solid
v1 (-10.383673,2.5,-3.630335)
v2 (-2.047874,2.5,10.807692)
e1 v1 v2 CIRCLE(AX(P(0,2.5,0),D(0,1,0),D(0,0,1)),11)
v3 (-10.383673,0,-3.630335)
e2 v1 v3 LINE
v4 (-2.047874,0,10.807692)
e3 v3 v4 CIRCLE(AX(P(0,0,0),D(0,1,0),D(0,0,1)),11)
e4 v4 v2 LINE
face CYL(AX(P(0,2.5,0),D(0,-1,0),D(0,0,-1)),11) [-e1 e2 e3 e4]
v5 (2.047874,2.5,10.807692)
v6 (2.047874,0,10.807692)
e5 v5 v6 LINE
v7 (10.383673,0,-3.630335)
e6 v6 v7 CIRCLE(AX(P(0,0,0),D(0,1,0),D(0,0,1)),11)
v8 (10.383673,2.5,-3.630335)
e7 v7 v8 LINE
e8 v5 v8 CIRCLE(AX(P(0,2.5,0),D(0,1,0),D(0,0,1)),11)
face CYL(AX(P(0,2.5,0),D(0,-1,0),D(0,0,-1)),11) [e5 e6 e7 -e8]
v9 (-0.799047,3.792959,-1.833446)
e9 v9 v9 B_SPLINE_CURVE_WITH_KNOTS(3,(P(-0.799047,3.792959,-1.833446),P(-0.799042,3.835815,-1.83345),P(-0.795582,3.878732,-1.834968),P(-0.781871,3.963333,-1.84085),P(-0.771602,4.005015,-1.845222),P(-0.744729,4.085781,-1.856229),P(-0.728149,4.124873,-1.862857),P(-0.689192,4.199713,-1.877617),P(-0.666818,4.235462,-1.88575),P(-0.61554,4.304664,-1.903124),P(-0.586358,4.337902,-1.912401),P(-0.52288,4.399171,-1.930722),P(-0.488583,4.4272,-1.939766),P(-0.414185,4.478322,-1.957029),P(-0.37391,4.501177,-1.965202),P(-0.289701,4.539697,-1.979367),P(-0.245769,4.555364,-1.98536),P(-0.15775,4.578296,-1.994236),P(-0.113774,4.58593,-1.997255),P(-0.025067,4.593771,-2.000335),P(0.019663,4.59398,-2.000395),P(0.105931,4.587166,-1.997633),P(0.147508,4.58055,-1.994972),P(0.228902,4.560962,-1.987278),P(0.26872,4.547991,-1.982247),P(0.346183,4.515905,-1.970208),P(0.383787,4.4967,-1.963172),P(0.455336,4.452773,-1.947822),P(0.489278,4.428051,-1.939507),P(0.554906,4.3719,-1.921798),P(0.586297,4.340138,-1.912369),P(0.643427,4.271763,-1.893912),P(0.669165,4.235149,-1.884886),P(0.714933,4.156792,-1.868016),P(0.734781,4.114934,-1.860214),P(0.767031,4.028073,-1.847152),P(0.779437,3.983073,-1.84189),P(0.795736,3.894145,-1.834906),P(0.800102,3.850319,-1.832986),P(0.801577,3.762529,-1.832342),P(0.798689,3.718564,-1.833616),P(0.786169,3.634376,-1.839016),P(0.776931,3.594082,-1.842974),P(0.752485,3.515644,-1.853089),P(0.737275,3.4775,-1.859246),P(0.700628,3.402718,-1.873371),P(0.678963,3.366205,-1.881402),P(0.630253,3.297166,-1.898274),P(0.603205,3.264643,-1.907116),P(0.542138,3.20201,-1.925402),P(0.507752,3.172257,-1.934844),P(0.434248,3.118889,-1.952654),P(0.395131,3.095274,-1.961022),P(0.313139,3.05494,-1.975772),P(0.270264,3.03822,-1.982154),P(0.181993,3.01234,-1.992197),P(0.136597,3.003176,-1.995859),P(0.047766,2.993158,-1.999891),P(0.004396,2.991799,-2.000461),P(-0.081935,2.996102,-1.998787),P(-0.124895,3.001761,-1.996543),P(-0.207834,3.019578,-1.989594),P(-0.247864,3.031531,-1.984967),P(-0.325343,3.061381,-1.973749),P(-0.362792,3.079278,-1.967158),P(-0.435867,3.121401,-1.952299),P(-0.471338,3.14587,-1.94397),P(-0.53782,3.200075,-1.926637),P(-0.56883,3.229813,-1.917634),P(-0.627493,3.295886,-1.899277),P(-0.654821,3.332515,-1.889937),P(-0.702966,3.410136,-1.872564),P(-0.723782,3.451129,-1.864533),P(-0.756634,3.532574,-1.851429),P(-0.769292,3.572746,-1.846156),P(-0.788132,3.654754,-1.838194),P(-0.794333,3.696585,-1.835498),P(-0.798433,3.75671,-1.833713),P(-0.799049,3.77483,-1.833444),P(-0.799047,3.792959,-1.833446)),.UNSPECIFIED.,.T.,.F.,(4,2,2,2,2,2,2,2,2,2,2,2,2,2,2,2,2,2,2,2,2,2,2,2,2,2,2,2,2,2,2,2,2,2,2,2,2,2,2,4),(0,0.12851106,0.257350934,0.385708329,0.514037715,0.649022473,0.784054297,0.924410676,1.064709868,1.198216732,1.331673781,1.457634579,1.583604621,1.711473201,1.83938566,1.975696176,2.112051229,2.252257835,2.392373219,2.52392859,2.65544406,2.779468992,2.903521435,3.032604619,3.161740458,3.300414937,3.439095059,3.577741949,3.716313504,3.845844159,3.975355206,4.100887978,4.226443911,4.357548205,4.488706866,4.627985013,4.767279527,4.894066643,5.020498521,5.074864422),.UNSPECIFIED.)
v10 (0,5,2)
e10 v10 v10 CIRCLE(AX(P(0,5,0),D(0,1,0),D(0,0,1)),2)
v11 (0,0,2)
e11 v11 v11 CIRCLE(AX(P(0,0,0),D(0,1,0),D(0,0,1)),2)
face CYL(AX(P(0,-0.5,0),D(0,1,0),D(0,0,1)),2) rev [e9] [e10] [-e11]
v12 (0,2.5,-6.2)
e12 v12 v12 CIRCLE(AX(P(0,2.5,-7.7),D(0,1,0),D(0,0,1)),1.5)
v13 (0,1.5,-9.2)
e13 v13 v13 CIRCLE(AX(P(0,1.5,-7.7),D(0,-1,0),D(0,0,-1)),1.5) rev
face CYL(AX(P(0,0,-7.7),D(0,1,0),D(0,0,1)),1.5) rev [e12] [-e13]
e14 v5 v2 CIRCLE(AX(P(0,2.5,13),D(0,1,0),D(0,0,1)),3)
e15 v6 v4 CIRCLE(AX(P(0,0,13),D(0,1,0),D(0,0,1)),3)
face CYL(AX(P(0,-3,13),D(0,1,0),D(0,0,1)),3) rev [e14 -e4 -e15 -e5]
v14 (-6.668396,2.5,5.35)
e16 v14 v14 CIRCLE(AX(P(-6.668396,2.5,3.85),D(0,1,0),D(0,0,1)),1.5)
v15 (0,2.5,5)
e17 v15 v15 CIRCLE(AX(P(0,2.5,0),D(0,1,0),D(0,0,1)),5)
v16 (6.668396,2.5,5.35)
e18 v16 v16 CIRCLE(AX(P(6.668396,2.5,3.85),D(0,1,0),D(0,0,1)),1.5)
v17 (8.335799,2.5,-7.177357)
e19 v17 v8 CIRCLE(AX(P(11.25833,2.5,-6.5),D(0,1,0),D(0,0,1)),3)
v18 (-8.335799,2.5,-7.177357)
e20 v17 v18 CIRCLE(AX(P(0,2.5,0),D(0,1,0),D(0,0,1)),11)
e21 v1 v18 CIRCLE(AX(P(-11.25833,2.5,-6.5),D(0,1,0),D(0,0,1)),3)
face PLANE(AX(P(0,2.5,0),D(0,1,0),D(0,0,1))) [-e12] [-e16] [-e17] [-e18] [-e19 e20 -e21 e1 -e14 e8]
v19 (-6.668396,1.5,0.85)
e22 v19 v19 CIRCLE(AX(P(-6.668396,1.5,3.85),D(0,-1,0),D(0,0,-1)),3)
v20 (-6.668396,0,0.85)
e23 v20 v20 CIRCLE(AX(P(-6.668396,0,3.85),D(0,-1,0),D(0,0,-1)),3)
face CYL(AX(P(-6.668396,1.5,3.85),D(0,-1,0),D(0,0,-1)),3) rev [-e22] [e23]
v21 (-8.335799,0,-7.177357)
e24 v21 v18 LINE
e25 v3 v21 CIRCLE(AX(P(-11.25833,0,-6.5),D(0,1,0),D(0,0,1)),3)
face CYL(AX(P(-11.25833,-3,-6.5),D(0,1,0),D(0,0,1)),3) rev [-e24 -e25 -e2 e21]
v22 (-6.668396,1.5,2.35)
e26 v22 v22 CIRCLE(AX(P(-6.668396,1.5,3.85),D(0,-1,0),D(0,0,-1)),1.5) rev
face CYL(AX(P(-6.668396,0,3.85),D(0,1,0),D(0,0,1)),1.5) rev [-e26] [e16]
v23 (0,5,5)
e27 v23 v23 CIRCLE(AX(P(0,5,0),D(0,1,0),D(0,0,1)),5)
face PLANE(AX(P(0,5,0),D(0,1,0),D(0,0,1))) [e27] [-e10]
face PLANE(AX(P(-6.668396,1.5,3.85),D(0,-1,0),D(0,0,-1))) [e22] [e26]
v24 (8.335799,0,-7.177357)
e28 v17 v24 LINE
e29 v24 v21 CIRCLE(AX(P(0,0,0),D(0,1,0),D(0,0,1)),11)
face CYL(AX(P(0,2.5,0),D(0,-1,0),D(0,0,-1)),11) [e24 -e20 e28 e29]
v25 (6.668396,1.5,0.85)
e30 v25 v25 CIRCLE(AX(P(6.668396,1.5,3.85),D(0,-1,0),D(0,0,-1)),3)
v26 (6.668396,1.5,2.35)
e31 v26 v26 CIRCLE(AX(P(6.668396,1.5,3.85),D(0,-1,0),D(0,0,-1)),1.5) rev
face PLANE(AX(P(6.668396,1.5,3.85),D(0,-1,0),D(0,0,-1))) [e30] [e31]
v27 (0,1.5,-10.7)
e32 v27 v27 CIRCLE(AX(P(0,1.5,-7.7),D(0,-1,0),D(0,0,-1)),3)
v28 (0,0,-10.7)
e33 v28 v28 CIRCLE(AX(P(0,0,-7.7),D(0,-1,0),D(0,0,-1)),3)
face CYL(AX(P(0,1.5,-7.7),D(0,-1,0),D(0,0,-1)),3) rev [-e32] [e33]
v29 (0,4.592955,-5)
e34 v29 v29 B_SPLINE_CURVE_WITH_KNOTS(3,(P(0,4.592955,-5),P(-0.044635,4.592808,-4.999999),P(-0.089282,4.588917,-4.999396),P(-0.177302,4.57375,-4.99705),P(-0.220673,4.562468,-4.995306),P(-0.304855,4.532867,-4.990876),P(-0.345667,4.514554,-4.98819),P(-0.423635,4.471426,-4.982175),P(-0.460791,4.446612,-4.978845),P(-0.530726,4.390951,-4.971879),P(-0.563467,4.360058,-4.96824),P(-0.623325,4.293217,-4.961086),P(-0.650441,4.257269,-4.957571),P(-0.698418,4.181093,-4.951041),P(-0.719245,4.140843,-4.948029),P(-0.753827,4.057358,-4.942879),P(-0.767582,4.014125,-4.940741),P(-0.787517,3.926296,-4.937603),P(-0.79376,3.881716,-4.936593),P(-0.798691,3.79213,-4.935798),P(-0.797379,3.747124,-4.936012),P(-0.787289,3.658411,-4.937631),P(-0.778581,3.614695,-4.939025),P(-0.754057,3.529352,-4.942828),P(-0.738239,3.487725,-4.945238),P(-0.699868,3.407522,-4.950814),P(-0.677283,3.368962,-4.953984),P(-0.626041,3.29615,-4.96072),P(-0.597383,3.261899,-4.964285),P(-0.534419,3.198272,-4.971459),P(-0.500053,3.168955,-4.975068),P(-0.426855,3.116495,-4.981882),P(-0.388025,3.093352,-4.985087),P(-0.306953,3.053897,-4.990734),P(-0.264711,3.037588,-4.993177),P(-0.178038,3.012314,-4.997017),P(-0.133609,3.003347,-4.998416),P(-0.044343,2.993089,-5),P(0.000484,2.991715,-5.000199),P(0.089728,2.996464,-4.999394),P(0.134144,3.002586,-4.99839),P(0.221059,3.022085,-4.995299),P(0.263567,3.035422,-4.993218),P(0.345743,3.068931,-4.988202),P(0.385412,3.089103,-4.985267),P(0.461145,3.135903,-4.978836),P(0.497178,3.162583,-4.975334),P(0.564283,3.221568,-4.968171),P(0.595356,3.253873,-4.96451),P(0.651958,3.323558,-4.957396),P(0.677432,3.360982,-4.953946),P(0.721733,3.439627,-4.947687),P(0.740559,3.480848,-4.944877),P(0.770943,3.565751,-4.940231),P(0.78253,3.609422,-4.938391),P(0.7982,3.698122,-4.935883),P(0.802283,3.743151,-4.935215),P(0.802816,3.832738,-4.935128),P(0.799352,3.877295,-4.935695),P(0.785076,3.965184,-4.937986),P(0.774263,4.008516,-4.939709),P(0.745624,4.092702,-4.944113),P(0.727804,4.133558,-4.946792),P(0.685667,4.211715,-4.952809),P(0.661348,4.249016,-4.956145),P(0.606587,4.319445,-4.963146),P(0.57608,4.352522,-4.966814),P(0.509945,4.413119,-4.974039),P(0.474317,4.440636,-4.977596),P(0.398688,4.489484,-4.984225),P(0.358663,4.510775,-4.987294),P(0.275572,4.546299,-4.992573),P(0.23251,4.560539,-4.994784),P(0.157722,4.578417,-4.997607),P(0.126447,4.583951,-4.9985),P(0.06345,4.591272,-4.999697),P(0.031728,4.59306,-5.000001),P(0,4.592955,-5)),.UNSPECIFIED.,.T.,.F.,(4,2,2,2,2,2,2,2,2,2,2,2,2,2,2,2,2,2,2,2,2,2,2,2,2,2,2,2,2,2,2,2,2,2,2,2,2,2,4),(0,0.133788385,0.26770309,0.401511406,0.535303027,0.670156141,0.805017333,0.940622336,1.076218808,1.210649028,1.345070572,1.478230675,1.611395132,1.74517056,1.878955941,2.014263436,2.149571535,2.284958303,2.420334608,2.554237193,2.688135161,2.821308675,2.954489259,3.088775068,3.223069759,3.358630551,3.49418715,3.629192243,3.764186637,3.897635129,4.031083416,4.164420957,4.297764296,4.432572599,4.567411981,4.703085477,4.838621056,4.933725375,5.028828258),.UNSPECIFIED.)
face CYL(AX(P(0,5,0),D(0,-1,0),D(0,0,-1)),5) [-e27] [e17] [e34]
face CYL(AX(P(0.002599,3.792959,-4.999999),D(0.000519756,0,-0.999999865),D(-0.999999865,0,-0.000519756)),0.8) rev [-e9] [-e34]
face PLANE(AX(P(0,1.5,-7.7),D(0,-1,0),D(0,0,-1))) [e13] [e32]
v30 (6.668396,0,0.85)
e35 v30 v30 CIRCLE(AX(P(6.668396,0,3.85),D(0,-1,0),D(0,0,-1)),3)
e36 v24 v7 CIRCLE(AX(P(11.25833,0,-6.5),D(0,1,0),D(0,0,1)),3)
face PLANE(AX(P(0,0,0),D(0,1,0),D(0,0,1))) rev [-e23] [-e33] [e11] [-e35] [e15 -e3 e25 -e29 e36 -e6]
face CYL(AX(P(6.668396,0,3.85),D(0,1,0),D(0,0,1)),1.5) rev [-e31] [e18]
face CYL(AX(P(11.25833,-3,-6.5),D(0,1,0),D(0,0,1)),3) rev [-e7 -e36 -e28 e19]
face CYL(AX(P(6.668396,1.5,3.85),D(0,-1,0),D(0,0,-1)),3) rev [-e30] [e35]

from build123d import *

# Parameters (mm, degrees)
ESBO_O1_R                                      = 11
RESSALTO_EXTRUS_O1_DEPTH                       = 2.5
ESBO_O3_R                                      = 1.5
CORTE_EXTRUS_O1_DEPTH                          = 2.5
ESBO_O18_R                                     = 5
RESSALTO_EXTRUS_O5_DEPTH                       = 2.5
ESBO_O20_R                                     = 2
CORTE_EXTRUS_O5_DEPTH                          = 5.5
BROCA_DE_ROSQUEAR_PARA_TARRAXA_DE_M2X0_4_REACH = 21.785
BROCA_DE_ROSQUEAR_PARA_TARRAXA_DE_M2_2_R       = 0.8
ESBO_O22_R                                     = 3
CORTE_EXTRUS_O6_DEPTH                          = 5.5
ESBO_O23_R                                     = 3
CORTE_EXTRUS_O7_DEPTH                          = 1.5


with BuildPart() as part:
    # Esboço1 → Ressalto-extrusão1 (new body)
    with BuildSketch(Plane(origin=(0, 0, 0), x_dir=(1, 0, 0), z_dir=(0, 1, 0))):
        with Locations(Location((0, 0, 0), (0, 0, 270))):
            Circle(ESBO_O1_R)
    extrude(amount=RESSALTO_EXTRUS_O1_DEPTH)

    # Esboço3 → Corte-extrusão1 (cut)
    with BuildSketch(Plane(origin=(0, 2.5, 0), x_dir=(1, 0, 0), z_dir=(0, 1, 0))):
        with Locations(Location((0, 7.7, 0), (0, 0, 270))):
            Circle(ESBO_O3_R)
        with Locations(Location((6.668395609, -3.85, 0), (0, 0, 270))):
            Circle(ESBO_O3_R)
        with Locations(Location((-6.668395609, -3.85, 0), (0, 0, 270))):
            Circle(ESBO_O3_R)
    extrude(amount=-CORTE_EXTRUS_O1_DEPTH, mode=Mode.SUBTRACT)

    # Esboço18 → Ressalto-extrusão5 (add)
    with BuildSketch(Plane(origin=(0, 2.5, 0), x_dir=(1, 0, 0), z_dir=(0, 1, 0))):
        with Locations(Location((0, 0, 0), (0, 0, 270))):
            Circle(ESBO_O18_R)
    extrude(amount=RESSALTO_EXTRUS_O5_DEPTH)

    # Esboço20 → Corte-extrusão5 (cut)
    with BuildSketch(Plane(origin=(0, 5, 0), x_dir=(1, 0, 0), z_dir=(0, 1, 0))):
        with Locations(Location((0, 0, 0), (0, 0, 270))):
            Circle(ESBO_O20_R)
    extrude(amount=-CORTE_EXTRUS_O5_DEPTH, mode=Mode.SUBTRACT)

    # Broca de rosquear para tarraxa de M2 2 (on position points) → Broca de rosquear para tarraxa de M2x0.42 (cut, up to next)
    with BuildSketch(Plane(origin=(0.002598781, 3.792959438, -4.999999325), x_dir=(-0.999999864927, 0, -0.000519756122), z_dir=(0.000519756122, 0, -0.999999864927)), mode=Mode.PRIVATE) as broca_de_rosquear_para_tarraxa_de_m2x0_4_sk1:
        Circle(BROCA_DE_ROSQUEAR_PARA_TARRAXA_DE_M2_2_R)
    broca_de_rosquear_para_tarraxa_de_m2x0_4_tool1 = extrude(broca_de_rosquear_para_tarraxa_de_m2x0_4_sk1.sketch, amount=-BROCA_DE_ROSQUEAR_PARA_TARRAXA_DE_M2X0_4_REACH, mode=Mode.PRIVATE) & part.part
    add(broca_de_rosquear_para_tarraxa_de_m2x0_4_tool1.solids().sort_by_distance((0.002599, 3.792959, -4.999999))[0], mode=Mode.SUBTRACT)

    # Esboço22 → Corte-extrusão6 (cut)
    with BuildSketch(Plane(origin=(0, 2.5, 0), x_dir=(1, 0, 0), z_dir=(0, 1, 0))):
        with Locations((-11.258330249, 6.5)):
            Circle(ESBO_O22_R)
        with Locations((0, -13)):
            Circle(ESBO_O22_R)
        with Locations((11.258330249, 6.5)):
            Circle(ESBO_O22_R)
    extrude(amount=-CORTE_EXTRUS_O6_DEPTH, mode=Mode.SUBTRACT)

    # Esboço23 → Corte-extrusão7 (cut)
    with BuildSketch(Plane(origin=(0, 0, 0), x_dir=(-1, 0, 0), z_dir=(0, -1, 0))):
        with Locations(Location((-6.668395609, -3.85, 0), (0, 0, 90))):
            Circle(ESBO_O23_R)
        with Locations(Location((6.668395609, -3.85, 0), (0, 0, 90))):
            Circle(ESBO_O23_R)
        with Locations(Location((0, 7.7, 0), (0, 0, 90))):
            Circle(ESBO_O23_R)
    extrude(amount=-CORTE_EXTRUS_O7_DEPTH, mode=Mode.SUBTRACT)


solid = part.part
